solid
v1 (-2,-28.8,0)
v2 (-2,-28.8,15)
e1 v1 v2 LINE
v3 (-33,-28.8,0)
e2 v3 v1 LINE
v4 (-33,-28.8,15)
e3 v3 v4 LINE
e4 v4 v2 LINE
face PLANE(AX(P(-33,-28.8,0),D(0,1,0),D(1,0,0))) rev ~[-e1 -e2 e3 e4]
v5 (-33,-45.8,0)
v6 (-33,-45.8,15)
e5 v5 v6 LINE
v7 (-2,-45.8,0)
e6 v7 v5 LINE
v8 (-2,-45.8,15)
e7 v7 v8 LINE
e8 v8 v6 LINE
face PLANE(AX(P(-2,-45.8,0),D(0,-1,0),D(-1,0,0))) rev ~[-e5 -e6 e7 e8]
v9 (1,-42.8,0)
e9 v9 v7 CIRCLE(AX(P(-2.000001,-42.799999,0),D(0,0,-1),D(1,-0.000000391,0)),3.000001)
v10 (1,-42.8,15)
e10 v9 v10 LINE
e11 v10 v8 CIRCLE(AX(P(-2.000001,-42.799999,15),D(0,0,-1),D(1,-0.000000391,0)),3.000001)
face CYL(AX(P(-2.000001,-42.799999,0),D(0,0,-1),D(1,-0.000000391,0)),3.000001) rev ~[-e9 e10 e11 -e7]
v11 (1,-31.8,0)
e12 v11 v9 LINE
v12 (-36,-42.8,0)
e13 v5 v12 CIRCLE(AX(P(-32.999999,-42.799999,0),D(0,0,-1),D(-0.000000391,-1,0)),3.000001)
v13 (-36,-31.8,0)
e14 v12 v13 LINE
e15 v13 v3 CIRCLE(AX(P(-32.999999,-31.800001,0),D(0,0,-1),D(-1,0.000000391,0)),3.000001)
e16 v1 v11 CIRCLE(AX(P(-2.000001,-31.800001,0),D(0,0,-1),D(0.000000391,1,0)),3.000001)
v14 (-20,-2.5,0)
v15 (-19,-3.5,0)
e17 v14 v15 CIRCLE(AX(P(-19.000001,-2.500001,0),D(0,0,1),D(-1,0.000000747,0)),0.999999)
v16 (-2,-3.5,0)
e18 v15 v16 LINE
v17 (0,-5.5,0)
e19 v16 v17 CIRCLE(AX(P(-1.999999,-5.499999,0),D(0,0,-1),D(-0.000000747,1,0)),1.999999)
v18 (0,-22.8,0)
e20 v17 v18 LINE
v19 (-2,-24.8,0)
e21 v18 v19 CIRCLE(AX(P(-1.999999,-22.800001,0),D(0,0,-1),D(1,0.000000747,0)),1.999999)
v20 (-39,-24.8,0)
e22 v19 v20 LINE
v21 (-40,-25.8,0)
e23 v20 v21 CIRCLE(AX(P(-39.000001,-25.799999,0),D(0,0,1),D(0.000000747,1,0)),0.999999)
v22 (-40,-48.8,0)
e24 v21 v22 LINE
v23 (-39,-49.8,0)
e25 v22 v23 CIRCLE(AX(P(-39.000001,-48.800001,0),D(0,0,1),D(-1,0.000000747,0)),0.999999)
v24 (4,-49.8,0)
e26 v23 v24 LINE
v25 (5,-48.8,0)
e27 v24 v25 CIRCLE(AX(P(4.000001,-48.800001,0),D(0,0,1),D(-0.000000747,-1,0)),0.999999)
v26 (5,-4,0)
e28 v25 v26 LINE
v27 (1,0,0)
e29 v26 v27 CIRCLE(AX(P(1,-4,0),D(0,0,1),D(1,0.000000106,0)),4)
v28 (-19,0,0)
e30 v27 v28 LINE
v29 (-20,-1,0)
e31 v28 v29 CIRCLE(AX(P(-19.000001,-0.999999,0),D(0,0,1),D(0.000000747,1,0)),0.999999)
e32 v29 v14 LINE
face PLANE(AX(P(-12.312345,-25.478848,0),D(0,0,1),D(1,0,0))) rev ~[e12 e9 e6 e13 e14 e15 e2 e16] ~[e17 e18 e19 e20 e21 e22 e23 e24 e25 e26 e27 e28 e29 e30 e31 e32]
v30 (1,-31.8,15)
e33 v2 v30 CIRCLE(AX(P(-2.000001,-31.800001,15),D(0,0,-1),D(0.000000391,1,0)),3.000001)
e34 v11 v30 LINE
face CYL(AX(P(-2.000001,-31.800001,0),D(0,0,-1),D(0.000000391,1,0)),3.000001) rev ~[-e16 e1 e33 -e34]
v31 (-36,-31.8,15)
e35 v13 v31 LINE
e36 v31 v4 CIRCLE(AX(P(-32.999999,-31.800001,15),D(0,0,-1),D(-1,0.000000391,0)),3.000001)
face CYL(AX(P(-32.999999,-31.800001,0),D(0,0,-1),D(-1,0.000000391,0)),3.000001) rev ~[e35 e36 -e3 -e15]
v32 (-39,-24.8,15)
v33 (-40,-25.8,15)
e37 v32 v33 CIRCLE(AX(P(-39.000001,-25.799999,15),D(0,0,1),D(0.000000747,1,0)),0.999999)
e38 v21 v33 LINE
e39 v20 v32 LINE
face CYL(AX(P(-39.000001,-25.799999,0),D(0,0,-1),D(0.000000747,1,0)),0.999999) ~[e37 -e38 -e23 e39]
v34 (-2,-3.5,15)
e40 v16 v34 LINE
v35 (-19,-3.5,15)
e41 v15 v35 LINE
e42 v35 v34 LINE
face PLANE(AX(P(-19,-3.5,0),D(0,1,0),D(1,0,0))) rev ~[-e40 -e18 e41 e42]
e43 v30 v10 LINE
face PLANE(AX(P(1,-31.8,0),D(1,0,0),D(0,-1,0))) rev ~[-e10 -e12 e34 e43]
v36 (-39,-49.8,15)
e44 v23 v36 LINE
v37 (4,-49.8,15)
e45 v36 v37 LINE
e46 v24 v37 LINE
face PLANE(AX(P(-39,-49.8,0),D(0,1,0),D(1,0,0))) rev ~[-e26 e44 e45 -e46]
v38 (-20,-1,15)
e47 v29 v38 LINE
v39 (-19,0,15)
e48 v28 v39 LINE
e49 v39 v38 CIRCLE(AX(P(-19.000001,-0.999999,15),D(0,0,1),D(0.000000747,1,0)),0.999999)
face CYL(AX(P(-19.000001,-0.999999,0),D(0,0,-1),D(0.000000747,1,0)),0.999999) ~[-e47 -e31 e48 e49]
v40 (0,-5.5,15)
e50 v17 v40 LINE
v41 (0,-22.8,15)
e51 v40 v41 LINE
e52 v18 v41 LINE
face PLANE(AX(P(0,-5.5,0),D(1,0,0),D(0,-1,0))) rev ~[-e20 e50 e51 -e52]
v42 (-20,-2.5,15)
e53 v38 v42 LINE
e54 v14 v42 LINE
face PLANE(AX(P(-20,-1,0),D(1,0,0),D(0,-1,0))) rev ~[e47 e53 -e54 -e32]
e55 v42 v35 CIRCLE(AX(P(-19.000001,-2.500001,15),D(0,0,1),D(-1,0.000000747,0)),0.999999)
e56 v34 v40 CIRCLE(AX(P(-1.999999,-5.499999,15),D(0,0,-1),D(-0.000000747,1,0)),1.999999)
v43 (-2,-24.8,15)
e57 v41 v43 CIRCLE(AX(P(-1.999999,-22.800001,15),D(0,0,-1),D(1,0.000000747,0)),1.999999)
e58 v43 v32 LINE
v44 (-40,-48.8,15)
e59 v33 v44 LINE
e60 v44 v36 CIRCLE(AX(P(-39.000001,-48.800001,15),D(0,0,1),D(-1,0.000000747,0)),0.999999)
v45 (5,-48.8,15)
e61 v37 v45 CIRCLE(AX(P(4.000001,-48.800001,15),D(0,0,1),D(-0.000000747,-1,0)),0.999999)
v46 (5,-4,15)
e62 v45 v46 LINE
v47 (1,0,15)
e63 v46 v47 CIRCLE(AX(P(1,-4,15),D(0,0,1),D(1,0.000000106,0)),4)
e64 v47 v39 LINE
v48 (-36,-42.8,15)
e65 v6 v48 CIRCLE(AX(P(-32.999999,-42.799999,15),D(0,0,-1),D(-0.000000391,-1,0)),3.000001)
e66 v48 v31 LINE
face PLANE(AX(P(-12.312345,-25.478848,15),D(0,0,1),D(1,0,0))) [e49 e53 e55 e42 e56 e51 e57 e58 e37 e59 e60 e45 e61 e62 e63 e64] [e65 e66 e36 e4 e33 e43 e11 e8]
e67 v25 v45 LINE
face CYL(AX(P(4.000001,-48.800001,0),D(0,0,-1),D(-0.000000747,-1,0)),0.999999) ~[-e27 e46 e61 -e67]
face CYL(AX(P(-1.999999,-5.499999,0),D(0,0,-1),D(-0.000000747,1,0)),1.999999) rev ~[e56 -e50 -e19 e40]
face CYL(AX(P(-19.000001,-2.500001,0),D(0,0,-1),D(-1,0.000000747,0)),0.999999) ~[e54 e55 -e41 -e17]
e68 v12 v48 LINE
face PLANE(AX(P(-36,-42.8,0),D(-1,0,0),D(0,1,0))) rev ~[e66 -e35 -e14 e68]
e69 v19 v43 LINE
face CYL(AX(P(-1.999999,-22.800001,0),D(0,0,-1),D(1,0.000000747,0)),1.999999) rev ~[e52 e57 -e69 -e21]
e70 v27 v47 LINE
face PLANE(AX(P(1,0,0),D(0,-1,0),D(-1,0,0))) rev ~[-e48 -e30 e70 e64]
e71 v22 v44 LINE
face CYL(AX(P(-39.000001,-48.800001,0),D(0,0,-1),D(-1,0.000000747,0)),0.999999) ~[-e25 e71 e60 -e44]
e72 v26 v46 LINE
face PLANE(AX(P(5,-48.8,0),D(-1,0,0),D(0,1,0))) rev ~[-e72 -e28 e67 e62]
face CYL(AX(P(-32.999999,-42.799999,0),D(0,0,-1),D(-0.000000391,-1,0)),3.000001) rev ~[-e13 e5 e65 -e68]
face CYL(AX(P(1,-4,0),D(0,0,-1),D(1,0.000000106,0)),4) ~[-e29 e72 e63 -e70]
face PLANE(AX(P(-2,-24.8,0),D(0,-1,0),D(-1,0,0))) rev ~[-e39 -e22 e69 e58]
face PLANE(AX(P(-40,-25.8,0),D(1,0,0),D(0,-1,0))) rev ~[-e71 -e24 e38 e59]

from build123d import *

# Parameters (mm, degrees)
F1_DEPTH = 15


with BuildPart() as f1:
    # F0 (on Top) → F1 (new body)
    with BuildSketch(Plane.XY):
        with BuildLine():
            Line((1, 0), (0, 0))
            Line((0, 0), (-19, 0))
            ThreePointArc((-19, 0), (-19.707107, -0.292893), (-20, -1))
            Line((-20, -1), (-20, -2.5))
            ThreePointArc((-20, -2.5), (-19.707107, -3.207107), (-19, -3.5))
            Line((-19, -3.5), (-2, -3.5))
            ThreePointArc((-2, -3.5), (-0.585786, -4.085786), (0, -5.5))
            Line((0, -5.5), (0, -22.8))
            ThreePointArc((0, -22.8), (-0.585786, -24.214214), (-2, -24.8))
            Line((-2, -24.8), (-39, -24.8))
            ThreePointArc((-39, -24.8), (-39.707107, -25.092893), (-40, -25.8))
            Line((-40, -25.8), (-40, -48.8))
            ThreePointArc((-40, -48.8), (-39.707107, -49.507107), (-39, -49.8))
            Line((-39, -49.8), (4, -49.8))
            ThreePointArc((4, -49.8), (4.707107, -49.507107), (5, -48.8))
            Line((5, -48.8), (5, -4))
            ThreePointArc((5, -4), (3.828427, -1.171573), (1, 0))
        make_face()
        with BuildLine():
            ThreePointArc((-36, -31.8), (-35.12132, -29.67868), (-33, -28.8))
            Line((-33, -28.8), (-2, -28.8))
            ThreePointArc((-2, -28.8), (0.12132, -29.67868), (1, -31.8))
            Line((1, -31.8), (1, -42.8))
            ThreePointArc((1, -42.8), (0.12132, -44.92132), (-2, -45.8))
            Line((-2, -45.8), (-33, -45.8))
            ThreePointArc((-33, -45.8), (-35.12132, -44.92132), (-36, -42.8))
            Line((-36, -42.8), (-36, -31.8))
        make_face(mode=Mode.SUBTRACT)
    extrude(amount=F1_DEPTH)


solid = f1.part
